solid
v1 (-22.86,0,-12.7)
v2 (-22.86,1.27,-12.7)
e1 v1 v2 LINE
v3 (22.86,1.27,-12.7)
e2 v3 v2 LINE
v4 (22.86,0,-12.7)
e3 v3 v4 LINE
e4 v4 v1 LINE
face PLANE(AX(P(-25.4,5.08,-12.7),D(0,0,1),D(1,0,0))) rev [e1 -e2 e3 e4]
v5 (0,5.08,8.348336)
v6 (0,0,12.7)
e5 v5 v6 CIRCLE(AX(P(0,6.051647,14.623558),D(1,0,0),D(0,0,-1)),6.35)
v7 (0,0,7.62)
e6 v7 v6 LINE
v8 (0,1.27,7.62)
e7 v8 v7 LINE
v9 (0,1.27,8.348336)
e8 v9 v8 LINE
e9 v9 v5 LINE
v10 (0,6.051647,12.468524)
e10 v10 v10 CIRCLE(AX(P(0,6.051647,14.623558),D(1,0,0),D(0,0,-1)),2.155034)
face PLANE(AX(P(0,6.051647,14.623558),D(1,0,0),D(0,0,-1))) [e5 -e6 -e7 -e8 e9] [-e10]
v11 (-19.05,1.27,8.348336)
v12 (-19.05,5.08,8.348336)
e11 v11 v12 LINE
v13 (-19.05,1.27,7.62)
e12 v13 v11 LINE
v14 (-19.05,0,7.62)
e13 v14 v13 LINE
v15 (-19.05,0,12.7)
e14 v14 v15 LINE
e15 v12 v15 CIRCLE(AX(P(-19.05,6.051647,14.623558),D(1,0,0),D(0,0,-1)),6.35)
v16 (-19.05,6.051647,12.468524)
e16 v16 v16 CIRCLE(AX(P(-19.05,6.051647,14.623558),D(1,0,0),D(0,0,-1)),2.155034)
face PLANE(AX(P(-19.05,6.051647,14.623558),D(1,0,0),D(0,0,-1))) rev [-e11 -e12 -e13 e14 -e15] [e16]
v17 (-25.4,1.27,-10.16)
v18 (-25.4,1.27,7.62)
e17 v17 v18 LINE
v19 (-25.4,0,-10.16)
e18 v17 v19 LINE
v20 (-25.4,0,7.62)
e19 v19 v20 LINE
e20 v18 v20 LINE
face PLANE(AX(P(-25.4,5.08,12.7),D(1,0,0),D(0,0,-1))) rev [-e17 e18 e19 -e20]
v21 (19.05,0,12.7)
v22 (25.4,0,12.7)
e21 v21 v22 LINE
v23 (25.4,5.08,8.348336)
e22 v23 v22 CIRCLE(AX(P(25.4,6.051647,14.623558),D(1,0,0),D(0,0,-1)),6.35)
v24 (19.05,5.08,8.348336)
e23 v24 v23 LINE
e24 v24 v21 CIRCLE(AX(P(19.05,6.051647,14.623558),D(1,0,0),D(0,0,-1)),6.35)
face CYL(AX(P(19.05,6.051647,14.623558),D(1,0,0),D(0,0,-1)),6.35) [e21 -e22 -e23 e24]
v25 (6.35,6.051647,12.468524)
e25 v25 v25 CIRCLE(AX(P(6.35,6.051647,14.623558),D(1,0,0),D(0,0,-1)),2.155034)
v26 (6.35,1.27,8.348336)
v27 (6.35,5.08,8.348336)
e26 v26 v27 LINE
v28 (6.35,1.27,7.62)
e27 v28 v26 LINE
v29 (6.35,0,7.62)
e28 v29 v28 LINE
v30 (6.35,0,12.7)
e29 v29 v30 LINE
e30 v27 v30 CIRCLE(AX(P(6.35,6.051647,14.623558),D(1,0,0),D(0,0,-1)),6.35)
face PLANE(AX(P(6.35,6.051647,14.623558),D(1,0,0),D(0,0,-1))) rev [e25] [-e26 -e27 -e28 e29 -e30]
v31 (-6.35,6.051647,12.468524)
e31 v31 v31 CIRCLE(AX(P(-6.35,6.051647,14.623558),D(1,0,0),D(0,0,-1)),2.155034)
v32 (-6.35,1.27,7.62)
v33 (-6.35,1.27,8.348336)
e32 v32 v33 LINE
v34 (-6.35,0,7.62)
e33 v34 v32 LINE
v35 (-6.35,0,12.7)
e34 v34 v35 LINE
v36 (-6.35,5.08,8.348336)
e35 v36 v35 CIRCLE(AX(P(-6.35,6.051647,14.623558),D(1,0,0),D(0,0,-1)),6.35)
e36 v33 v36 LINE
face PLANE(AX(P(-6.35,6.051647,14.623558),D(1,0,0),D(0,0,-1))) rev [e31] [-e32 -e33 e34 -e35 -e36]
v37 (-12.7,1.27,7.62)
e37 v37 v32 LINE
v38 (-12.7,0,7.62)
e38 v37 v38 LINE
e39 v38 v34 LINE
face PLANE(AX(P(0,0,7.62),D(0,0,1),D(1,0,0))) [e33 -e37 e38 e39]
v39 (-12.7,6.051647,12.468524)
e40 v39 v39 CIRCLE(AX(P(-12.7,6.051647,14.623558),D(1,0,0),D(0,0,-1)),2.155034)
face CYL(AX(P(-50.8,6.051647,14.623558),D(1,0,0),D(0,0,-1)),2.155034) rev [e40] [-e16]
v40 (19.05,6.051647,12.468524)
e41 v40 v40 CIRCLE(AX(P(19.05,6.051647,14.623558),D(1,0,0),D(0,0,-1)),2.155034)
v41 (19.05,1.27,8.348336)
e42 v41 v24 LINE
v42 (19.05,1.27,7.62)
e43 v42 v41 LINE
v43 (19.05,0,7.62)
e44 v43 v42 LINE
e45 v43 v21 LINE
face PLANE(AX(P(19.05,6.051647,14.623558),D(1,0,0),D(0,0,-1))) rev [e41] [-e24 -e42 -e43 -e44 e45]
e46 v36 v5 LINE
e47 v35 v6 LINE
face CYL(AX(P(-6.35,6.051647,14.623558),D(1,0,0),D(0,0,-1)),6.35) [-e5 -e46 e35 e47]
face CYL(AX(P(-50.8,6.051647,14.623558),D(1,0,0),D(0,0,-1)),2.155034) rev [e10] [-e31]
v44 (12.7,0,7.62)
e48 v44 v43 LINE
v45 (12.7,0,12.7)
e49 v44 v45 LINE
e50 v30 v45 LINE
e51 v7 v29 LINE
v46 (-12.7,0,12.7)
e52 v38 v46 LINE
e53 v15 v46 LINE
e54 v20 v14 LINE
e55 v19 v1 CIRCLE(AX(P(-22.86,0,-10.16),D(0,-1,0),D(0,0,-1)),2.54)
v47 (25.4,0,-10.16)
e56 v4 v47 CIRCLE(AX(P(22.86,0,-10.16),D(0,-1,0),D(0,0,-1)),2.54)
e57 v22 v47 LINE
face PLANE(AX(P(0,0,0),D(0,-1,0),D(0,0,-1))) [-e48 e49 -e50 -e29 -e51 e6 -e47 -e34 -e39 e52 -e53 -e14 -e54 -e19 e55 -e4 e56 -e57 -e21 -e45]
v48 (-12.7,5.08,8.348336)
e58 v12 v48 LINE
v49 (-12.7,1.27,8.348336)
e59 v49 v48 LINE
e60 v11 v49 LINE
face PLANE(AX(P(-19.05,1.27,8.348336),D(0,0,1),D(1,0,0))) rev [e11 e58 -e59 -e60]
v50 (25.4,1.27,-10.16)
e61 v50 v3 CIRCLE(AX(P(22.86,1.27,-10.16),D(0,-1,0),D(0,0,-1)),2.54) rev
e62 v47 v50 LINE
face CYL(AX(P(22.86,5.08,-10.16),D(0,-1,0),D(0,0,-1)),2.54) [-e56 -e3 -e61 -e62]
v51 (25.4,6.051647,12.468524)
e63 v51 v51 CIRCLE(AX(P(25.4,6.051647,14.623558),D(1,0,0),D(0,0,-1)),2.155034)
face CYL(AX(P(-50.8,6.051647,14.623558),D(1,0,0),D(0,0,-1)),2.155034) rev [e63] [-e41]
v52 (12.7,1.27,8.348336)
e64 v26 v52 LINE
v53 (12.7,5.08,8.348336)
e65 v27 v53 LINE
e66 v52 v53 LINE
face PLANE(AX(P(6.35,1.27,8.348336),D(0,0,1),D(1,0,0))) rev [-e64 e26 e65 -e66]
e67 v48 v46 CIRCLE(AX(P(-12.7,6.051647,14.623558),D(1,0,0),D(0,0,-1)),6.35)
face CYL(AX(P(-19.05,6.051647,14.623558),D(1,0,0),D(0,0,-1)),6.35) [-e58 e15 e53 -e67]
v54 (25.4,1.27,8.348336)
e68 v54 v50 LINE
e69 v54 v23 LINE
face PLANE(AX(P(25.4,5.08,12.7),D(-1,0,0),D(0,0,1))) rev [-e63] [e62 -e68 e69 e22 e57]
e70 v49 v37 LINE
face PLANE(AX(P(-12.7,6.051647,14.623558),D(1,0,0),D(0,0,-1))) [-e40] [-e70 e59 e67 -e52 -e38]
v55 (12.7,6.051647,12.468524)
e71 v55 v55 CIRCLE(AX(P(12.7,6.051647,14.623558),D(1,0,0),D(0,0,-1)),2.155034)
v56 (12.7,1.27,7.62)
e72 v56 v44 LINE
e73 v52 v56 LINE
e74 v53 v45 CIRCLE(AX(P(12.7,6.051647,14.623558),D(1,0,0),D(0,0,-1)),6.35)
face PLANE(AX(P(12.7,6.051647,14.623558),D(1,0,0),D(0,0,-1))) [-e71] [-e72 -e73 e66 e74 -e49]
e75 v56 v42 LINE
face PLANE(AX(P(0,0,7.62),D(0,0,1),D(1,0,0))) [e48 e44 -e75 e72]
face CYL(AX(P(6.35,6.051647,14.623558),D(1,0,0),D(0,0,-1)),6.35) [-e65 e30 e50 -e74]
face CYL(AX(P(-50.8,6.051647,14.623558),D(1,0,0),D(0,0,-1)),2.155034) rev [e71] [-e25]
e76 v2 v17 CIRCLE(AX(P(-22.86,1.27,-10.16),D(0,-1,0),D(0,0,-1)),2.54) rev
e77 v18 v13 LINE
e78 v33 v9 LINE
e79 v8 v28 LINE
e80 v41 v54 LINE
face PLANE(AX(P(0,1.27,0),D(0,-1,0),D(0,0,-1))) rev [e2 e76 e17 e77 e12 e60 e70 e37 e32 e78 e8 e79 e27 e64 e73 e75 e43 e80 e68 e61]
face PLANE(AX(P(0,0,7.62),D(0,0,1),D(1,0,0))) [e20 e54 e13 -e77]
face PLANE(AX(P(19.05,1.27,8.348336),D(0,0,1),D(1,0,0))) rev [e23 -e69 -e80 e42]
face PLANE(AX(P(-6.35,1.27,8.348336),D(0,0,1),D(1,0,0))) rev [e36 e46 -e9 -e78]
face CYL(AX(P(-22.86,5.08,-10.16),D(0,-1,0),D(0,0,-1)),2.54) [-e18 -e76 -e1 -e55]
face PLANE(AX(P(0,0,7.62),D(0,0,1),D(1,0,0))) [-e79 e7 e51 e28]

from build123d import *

# Parameters (mm, degrees)
SKETCH1_W           = 50.8
SKETCH1_H           = 25.4
BOSS_EXTRUDE1_DEPTH = 5.08
SKETCH2_R           = 6.35
BOSS_EXTRUDE2_DEPTH = 6.35
LPATTERN1_COUNT     = 4
LPATTERN1_PITCH     = 12.7
SKETCH2_4_R         = 2.15503395
CUT_EXTRUDE2_DEPTH  = 76.2
SKETCH4_W           = 6.35
SKETCH4_H           = 5.08
CUT_EXTRUDE3_DEPTH  = 5.08
CUT_EXTRUDE4_DEPTH  = 3.81
FILLET1_R           = 2.54


with BuildPart() as part:
    # Sketch1 → Boss-Extrude1 (new body)
    with BuildSketch(Plane(origin=(0, 0, 0), x_dir=(1, 0, 0), z_dir=(0, 1, 0))):
        Rectangle(SKETCH1_W, SKETCH1_H)
    extrude(amount=BOSS_EXTRUDE1_DEPTH)

    # Sketch2 → Boss-Extrude2 (add)
    with BuildSketch(Plane(origin=(25.4, 0, 0), x_dir=(0, 0, -1), z_dir=(1, 0, 0))):
        with Locations((-14.623557735, 6.051646523)):
            Circle(SKETCH2_R)
    boss_extrude2 = extrude(amount=-BOSS_EXTRUDE2_DEPTH)

    # LPattern1: Boss-Extrude2 ×4
    with Locations(*[(-i * LPATTERN1_PITCH, 0, 0) for i in range(1, LPATTERN1_COUNT)]):
        add(boss_extrude2)

    # Sketch2_4 → Cut-Extrude2 (cut)
    with BuildSketch(Plane(origin=(25.4, 0, 0), x_dir=(0, 0, -1), z_dir=(1, 0, 0))):
        with Locations((-14.623557735, 6.051646523)):
            Circle(SKETCH2_4_R)
    extrude(amount=-CUT_EXTRUDE2_DEPTH, mode=Mode.SUBTRACT)

    # Sketch4 → Cut-Extrude3 (cut)
    with BuildSketch(Plane.XY.offset(12.7)):
        with Locations((15.875, 2.54)):
            Rectangle(SKETCH4_W, SKETCH4_H)
        with Locations((3.175, 2.54)):
            Rectangle(SKETCH4_W, SKETCH4_H)
        with Locations((-9.525, 2.54)):
            Rectangle(SKETCH4_W, SKETCH4_H)
        with Locations((-22.225, 2.54)):
            Rectangle(SKETCH4_W, SKETCH4_H)
    extrude(amount=-CUT_EXTRUDE3_DEPTH, mode=Mode.SUBTRACT)

    # Sketch5 → Cut-Extrude4 (cut)
    with BuildSketch(Plane(origin=(0, 5.08, 0), x_dir=(1, 0, 0), z_dir=(0, 1, 0))):
        Polygon((12.7, -7.62), (19.05, -7.62), (19.05, -8.348336382), (25.4, -8.348336382), (25.4, 12.7), (-25.4, 12.7), (-25.4, -7.62), (-19.05, -7.62), (-19.05, -8.348336382), (-12.7, -8.348336382), (-12.7, -7.62), (-6.35, -7.62), (-6.35, -8.348336382), (0, -8.348336382), (0, -7.62), (6.35, -7.62), (6.35, -8.348336382), (12.7, -8.348336382), align=None)
    extrude(amount=-CUT_EXTRUDE4_DEPTH, mode=Mode.SUBTRACT)

    # Fillet1
    fillet1_edges = [part.edges().sort_by_distance(p)[0] for p in [
        (-25.4, 0.635, -12.7),
        (25.4, 0.635, -12.7),
    ]]
    fillet(fillet1_edges, radius=FILLET1_R)


solid = part.part
